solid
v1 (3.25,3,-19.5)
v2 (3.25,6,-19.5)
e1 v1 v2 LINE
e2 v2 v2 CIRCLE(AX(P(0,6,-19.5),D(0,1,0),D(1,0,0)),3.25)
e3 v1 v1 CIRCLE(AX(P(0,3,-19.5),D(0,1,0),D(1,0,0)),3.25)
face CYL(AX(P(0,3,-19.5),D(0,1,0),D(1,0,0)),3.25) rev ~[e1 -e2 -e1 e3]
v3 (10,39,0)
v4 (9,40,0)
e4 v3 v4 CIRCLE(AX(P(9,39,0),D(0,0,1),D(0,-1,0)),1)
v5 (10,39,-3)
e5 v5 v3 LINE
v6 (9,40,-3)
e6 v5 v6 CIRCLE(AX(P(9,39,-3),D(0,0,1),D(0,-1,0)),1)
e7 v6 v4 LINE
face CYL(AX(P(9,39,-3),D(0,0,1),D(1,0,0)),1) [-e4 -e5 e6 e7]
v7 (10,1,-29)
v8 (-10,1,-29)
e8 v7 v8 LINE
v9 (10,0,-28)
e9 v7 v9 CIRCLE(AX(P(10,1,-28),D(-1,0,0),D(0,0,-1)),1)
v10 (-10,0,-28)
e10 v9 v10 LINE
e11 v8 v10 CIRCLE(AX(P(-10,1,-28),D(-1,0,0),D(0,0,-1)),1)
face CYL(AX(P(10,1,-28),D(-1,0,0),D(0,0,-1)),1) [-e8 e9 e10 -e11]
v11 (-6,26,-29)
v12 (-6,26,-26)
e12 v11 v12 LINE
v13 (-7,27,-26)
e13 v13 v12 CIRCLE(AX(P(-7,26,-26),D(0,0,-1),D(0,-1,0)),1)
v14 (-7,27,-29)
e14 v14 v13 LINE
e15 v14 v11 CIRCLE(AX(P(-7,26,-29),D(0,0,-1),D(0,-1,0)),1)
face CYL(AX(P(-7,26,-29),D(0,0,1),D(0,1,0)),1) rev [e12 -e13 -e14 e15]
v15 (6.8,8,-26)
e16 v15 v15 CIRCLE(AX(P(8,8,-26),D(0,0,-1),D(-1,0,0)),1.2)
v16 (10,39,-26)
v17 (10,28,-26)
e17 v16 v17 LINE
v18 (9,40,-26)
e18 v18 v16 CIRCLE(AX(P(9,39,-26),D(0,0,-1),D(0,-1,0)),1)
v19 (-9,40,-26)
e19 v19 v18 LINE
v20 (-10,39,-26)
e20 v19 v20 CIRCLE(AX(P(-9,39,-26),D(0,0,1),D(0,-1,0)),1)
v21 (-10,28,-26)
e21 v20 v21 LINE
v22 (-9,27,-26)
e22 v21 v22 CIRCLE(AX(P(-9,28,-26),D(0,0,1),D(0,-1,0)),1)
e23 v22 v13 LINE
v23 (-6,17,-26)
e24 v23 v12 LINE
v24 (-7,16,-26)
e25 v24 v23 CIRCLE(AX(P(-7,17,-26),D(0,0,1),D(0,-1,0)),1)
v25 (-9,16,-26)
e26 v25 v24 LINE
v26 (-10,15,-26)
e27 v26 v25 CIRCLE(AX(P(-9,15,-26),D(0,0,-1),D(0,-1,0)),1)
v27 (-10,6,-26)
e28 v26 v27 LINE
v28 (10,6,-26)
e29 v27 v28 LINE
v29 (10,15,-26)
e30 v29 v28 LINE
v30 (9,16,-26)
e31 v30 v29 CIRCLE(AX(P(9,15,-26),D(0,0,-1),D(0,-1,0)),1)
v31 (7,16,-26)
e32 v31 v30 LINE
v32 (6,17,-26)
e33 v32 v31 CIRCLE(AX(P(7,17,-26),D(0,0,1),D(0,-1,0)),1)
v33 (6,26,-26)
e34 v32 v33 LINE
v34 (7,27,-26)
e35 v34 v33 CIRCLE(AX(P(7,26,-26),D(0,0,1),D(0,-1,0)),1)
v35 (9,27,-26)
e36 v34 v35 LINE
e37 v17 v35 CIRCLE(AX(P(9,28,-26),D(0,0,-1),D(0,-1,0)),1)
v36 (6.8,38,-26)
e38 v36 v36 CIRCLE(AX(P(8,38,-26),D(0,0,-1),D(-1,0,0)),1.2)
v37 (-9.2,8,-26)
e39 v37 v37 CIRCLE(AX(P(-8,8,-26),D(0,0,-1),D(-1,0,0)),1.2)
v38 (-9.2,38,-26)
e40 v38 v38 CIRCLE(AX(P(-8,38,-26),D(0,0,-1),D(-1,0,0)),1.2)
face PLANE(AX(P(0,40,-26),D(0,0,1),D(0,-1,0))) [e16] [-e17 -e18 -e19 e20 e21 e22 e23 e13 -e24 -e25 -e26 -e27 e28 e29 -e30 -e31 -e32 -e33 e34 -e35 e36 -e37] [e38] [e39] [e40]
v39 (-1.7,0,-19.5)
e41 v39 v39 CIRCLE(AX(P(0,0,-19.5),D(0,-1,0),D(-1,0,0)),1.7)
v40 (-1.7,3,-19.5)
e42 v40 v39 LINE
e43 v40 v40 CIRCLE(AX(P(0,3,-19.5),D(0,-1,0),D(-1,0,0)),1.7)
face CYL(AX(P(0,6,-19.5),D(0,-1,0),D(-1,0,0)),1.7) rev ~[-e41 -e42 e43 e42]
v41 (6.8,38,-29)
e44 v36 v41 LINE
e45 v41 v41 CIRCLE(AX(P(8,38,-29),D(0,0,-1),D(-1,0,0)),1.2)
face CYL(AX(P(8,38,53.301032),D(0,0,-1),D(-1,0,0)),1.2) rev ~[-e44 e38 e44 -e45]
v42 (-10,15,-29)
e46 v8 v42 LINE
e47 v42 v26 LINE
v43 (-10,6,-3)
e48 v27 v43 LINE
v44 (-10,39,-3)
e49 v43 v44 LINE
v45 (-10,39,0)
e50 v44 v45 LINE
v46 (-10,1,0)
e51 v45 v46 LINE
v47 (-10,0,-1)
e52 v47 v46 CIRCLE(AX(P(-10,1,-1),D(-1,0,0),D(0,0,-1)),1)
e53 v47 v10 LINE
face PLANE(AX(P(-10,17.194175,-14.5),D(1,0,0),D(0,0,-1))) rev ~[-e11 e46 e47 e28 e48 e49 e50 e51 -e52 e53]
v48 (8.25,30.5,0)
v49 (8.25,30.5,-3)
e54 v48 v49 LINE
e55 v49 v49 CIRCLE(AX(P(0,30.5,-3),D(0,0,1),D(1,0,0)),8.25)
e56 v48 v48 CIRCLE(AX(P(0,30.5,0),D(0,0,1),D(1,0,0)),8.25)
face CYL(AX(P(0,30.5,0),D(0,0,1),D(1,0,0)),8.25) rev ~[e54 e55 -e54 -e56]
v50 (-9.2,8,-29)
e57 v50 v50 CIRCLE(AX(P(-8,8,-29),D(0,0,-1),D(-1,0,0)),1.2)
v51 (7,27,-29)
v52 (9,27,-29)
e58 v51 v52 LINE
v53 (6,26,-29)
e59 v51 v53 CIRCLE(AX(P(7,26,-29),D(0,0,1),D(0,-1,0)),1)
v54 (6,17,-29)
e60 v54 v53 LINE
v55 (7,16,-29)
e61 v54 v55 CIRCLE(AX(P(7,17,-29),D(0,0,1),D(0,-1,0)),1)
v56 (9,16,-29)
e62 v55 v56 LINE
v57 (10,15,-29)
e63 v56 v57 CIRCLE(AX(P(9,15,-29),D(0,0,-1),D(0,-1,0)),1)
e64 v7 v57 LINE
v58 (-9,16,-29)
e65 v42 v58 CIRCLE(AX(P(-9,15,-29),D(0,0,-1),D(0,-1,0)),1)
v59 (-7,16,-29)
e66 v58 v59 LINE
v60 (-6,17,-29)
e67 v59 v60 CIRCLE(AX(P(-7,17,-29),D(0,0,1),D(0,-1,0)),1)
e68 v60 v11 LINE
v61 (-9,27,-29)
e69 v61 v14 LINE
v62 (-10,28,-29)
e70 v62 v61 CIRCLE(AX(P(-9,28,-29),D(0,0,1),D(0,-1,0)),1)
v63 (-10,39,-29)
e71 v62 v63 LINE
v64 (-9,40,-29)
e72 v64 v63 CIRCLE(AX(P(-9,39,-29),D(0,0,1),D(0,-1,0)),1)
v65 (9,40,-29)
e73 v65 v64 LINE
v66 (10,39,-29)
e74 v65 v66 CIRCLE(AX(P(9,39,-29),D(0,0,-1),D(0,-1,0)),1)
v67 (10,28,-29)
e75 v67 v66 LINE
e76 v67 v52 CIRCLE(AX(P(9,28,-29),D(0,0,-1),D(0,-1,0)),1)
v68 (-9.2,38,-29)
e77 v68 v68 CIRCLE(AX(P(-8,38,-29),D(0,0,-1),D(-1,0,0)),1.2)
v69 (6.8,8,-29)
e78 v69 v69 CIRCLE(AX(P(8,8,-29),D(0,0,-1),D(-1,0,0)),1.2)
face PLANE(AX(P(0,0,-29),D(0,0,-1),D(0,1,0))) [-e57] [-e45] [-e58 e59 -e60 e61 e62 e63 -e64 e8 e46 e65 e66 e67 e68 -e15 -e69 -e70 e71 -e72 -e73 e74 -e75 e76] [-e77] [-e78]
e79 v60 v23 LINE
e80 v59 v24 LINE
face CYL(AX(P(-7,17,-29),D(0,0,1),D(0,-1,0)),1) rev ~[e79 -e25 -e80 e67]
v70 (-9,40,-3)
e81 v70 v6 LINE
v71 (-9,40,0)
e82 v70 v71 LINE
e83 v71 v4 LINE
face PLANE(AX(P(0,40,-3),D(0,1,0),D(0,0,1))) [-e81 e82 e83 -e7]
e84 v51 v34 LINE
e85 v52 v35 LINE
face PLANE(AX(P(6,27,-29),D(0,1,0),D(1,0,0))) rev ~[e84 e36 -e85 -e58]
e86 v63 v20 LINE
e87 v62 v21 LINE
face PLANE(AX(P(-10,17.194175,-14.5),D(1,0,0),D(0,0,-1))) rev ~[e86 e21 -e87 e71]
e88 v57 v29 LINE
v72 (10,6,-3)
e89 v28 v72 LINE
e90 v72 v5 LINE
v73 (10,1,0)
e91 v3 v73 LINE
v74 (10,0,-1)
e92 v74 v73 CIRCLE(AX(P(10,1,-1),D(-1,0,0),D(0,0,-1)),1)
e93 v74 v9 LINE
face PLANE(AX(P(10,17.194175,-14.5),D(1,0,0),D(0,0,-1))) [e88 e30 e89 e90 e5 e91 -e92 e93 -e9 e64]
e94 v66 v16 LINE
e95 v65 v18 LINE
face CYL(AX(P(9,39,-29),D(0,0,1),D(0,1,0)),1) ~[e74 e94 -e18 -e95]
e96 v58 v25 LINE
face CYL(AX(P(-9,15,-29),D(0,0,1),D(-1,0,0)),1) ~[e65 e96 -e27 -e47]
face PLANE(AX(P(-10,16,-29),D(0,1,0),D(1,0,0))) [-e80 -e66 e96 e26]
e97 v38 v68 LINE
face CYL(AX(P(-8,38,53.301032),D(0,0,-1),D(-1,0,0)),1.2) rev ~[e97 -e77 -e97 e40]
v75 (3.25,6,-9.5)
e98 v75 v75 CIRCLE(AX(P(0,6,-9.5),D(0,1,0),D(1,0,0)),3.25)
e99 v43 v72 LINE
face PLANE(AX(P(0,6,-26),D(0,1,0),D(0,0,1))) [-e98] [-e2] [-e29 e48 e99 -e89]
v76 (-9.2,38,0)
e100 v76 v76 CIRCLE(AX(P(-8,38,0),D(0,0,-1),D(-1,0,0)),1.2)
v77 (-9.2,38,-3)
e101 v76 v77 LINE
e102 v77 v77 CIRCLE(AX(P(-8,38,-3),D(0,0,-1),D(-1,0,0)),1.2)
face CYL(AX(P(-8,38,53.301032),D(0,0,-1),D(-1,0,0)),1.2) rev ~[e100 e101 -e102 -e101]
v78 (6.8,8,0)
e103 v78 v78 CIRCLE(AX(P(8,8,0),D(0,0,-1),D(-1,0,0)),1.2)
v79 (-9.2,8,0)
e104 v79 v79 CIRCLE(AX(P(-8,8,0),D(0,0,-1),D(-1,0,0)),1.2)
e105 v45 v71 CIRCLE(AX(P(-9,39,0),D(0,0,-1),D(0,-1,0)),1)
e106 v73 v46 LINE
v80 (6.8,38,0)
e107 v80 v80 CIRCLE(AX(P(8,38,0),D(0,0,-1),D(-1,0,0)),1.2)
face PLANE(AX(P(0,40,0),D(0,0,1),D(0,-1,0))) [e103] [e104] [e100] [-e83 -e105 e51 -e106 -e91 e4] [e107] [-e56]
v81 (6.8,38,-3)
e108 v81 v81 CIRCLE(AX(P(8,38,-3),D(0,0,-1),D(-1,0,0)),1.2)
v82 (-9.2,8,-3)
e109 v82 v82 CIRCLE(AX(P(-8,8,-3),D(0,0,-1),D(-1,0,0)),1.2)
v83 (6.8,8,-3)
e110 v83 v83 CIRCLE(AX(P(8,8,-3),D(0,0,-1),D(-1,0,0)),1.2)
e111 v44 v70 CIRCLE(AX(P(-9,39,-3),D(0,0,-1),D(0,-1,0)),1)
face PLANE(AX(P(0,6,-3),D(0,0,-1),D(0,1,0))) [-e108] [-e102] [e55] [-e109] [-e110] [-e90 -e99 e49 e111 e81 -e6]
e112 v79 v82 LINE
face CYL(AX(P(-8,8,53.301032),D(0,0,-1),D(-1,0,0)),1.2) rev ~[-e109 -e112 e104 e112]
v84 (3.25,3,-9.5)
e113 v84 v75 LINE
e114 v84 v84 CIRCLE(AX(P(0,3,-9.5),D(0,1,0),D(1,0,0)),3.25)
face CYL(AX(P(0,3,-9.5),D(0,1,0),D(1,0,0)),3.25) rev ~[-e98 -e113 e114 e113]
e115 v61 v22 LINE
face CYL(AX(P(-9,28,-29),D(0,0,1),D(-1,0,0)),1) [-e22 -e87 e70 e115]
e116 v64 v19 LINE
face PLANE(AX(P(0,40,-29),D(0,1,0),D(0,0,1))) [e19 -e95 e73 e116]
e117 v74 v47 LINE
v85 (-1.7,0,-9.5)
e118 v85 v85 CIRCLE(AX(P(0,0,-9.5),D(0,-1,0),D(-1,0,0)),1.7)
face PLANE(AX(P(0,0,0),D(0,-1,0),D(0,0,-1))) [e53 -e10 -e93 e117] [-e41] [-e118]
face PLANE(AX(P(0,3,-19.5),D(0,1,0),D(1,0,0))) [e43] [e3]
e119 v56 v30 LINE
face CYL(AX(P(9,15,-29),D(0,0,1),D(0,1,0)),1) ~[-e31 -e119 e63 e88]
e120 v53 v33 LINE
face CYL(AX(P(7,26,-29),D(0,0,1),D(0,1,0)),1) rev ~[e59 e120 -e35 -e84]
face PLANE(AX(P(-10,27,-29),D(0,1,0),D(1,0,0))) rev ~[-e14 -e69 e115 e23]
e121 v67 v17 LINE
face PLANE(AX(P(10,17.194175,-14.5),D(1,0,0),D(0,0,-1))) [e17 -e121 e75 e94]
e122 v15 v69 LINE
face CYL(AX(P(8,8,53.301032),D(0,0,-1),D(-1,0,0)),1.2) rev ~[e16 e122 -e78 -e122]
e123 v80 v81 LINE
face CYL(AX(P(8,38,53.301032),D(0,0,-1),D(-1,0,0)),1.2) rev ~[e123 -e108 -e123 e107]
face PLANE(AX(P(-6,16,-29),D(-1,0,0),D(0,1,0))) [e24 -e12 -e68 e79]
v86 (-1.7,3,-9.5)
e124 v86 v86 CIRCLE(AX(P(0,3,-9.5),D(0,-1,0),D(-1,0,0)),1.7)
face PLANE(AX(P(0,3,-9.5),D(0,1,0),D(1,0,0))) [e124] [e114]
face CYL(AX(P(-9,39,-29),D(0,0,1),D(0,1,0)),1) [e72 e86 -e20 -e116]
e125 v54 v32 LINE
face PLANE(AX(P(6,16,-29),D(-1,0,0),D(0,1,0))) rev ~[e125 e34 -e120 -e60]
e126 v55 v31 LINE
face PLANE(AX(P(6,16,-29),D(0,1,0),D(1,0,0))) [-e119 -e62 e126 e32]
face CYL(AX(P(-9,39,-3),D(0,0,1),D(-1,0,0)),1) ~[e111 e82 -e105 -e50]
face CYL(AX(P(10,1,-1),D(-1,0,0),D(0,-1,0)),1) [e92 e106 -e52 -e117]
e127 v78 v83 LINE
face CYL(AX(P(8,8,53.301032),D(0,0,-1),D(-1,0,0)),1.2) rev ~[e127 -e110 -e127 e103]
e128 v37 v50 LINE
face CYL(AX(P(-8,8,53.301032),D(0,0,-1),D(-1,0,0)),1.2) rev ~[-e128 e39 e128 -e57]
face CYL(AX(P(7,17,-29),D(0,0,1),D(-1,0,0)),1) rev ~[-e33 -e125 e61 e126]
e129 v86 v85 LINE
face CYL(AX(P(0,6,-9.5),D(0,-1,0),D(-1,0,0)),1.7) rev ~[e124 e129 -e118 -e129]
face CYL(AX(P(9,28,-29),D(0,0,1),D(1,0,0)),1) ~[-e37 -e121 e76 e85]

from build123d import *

# Parameters (mm, degrees)
BOSS_EXTRUDE1_DEPTH            = 10
CUT_EXTRUDE1_REACH             = 52.408
SKETCH2_R                      = 8.25
M2_CLEARANCE_HOLE1_D           = 2.4
CBORE_FOR_M3_SHCS1_D           = 3.4
CBORE_FOR_M3_SHCS1_CBORE_D     = 6.5
CBORE_FOR_M3_SHCS1_CBORE_DEPTH = 3
CUT_EXTRUDE2_REACH             = 52.408
SKETCH7_W                      = 4
SKETCH7_H                      = 11
FILLET1_R                      = 1


with BuildPart() as part:
    # Sketch1 → Boss-Extrude1 (new, symmetric)
    with BuildSketch(Plane(origin=(0, 0, 0), x_dir=(0, 0, -1), z_dir=(1, 0, 0))):
        Polygon((29, 40), (26, 40), (26, 6), (3, 6), (3, 40), (0, 40), (0, 0), (29, 0), align=None)
    extrude(amount=BOSS_EXTRUDE1_DEPTH, both=True)

    # Sketch2 → Cut-Extrude1 (cut, up to next)
    with BuildSketch(Plane.XY, mode=Mode.PRIVATE) as cut_extrude1_sk1:
        with Locations((0, 30.5)):
            Circle(SKETCH2_R)
    cut_extrude1_tool1 = extrude(cut_extrude1_sk1.sketch, amount=-CUT_EXTRUDE1_REACH, mode=Mode.PRIVATE) & part.part
    add(cut_extrude1_tool1.solids().sort_by_distance((0, 30.5, 0))[0], mode=Mode.SUBTRACT)

    # M2 Clearance Hole1 (through all)
    with Locations(Plane.XY):
        with Locations((-8, 8), (8, 8), (8, 38), (-8, 38)):
            Hole(M2_CLEARANCE_HOLE1_D / 2)

    # CBORE for M3 SHCS1 (through all)
    with Locations(Plane(origin=(0, 6, 0), x_dir=(1, 0, 0), z_dir=(0, 1, 0))):
        with Locations((0, 19.5), (0, 9.5)):
            CounterBoreHole(CBORE_FOR_M3_SHCS1_D / 2, CBORE_FOR_M3_SHCS1_CBORE_D / 2, CBORE_FOR_M3_SHCS1_CBORE_DEPTH)

    # Sketch7 → Cut-Extrude2 (cut, up to next)
    with BuildSketch(Plane.XY.offset(-29), mode=Mode.PRIVATE) as cut_extrude2_sk1:
        with Locations((8, 21.5)):
            Rectangle(SKETCH7_W, SKETCH7_H)
    cut_extrude2_tool1 = extrude(cut_extrude2_sk1.sketch, amount=CUT_EXTRUDE2_REACH, mode=Mode.PRIVATE) & part.part
    # Sketch7 → Cut-Extrude2 (cut, up to next)
    with BuildSketch(Plane.XY.offset(-29), mode=Mode.PRIVATE) as cut_extrude2_sk2:
        with Locations((-8, 21.5)):
            Rectangle(SKETCH7_W, SKETCH7_H)
    cut_extrude2_tool2 = extrude(cut_extrude2_sk2.sketch, amount=CUT_EXTRUDE2_REACH, mode=Mode.PRIVATE) & part.part
    add(cut_extrude2_tool1.solids().sort_by_distance((8, 21.5, -29))[0], mode=Mode.SUBTRACT)
    add(cut_extrude2_tool2.solids().sort_by_distance((-8, 21.5, -29))[0], mode=Mode.SUBTRACT)

    # Fillet1
    fillet1_edges = [part.edges().sort_by_distance(p)[0] for p in [
        (-6, 27, -27.5),
        (-10, 27, -27.5),
        (-10, 16, -27.5),
        (-6, 16, -27.5),
        (-10, 40, -1.5),
        (-10, 40, -27.5),
        (0, 0, -29),
        (0, 0, 0),
        (10, 40, -1.5),
        (10, 40, -27.5),
        (10, 16, -27.5),
        (10, 27, -27.5),
        (6, 27, -27.5),
        (6, 16, -27.5),
    ]]
    fillet(fillet1_edges, radius=FILLET1_R)


solid = part.part
